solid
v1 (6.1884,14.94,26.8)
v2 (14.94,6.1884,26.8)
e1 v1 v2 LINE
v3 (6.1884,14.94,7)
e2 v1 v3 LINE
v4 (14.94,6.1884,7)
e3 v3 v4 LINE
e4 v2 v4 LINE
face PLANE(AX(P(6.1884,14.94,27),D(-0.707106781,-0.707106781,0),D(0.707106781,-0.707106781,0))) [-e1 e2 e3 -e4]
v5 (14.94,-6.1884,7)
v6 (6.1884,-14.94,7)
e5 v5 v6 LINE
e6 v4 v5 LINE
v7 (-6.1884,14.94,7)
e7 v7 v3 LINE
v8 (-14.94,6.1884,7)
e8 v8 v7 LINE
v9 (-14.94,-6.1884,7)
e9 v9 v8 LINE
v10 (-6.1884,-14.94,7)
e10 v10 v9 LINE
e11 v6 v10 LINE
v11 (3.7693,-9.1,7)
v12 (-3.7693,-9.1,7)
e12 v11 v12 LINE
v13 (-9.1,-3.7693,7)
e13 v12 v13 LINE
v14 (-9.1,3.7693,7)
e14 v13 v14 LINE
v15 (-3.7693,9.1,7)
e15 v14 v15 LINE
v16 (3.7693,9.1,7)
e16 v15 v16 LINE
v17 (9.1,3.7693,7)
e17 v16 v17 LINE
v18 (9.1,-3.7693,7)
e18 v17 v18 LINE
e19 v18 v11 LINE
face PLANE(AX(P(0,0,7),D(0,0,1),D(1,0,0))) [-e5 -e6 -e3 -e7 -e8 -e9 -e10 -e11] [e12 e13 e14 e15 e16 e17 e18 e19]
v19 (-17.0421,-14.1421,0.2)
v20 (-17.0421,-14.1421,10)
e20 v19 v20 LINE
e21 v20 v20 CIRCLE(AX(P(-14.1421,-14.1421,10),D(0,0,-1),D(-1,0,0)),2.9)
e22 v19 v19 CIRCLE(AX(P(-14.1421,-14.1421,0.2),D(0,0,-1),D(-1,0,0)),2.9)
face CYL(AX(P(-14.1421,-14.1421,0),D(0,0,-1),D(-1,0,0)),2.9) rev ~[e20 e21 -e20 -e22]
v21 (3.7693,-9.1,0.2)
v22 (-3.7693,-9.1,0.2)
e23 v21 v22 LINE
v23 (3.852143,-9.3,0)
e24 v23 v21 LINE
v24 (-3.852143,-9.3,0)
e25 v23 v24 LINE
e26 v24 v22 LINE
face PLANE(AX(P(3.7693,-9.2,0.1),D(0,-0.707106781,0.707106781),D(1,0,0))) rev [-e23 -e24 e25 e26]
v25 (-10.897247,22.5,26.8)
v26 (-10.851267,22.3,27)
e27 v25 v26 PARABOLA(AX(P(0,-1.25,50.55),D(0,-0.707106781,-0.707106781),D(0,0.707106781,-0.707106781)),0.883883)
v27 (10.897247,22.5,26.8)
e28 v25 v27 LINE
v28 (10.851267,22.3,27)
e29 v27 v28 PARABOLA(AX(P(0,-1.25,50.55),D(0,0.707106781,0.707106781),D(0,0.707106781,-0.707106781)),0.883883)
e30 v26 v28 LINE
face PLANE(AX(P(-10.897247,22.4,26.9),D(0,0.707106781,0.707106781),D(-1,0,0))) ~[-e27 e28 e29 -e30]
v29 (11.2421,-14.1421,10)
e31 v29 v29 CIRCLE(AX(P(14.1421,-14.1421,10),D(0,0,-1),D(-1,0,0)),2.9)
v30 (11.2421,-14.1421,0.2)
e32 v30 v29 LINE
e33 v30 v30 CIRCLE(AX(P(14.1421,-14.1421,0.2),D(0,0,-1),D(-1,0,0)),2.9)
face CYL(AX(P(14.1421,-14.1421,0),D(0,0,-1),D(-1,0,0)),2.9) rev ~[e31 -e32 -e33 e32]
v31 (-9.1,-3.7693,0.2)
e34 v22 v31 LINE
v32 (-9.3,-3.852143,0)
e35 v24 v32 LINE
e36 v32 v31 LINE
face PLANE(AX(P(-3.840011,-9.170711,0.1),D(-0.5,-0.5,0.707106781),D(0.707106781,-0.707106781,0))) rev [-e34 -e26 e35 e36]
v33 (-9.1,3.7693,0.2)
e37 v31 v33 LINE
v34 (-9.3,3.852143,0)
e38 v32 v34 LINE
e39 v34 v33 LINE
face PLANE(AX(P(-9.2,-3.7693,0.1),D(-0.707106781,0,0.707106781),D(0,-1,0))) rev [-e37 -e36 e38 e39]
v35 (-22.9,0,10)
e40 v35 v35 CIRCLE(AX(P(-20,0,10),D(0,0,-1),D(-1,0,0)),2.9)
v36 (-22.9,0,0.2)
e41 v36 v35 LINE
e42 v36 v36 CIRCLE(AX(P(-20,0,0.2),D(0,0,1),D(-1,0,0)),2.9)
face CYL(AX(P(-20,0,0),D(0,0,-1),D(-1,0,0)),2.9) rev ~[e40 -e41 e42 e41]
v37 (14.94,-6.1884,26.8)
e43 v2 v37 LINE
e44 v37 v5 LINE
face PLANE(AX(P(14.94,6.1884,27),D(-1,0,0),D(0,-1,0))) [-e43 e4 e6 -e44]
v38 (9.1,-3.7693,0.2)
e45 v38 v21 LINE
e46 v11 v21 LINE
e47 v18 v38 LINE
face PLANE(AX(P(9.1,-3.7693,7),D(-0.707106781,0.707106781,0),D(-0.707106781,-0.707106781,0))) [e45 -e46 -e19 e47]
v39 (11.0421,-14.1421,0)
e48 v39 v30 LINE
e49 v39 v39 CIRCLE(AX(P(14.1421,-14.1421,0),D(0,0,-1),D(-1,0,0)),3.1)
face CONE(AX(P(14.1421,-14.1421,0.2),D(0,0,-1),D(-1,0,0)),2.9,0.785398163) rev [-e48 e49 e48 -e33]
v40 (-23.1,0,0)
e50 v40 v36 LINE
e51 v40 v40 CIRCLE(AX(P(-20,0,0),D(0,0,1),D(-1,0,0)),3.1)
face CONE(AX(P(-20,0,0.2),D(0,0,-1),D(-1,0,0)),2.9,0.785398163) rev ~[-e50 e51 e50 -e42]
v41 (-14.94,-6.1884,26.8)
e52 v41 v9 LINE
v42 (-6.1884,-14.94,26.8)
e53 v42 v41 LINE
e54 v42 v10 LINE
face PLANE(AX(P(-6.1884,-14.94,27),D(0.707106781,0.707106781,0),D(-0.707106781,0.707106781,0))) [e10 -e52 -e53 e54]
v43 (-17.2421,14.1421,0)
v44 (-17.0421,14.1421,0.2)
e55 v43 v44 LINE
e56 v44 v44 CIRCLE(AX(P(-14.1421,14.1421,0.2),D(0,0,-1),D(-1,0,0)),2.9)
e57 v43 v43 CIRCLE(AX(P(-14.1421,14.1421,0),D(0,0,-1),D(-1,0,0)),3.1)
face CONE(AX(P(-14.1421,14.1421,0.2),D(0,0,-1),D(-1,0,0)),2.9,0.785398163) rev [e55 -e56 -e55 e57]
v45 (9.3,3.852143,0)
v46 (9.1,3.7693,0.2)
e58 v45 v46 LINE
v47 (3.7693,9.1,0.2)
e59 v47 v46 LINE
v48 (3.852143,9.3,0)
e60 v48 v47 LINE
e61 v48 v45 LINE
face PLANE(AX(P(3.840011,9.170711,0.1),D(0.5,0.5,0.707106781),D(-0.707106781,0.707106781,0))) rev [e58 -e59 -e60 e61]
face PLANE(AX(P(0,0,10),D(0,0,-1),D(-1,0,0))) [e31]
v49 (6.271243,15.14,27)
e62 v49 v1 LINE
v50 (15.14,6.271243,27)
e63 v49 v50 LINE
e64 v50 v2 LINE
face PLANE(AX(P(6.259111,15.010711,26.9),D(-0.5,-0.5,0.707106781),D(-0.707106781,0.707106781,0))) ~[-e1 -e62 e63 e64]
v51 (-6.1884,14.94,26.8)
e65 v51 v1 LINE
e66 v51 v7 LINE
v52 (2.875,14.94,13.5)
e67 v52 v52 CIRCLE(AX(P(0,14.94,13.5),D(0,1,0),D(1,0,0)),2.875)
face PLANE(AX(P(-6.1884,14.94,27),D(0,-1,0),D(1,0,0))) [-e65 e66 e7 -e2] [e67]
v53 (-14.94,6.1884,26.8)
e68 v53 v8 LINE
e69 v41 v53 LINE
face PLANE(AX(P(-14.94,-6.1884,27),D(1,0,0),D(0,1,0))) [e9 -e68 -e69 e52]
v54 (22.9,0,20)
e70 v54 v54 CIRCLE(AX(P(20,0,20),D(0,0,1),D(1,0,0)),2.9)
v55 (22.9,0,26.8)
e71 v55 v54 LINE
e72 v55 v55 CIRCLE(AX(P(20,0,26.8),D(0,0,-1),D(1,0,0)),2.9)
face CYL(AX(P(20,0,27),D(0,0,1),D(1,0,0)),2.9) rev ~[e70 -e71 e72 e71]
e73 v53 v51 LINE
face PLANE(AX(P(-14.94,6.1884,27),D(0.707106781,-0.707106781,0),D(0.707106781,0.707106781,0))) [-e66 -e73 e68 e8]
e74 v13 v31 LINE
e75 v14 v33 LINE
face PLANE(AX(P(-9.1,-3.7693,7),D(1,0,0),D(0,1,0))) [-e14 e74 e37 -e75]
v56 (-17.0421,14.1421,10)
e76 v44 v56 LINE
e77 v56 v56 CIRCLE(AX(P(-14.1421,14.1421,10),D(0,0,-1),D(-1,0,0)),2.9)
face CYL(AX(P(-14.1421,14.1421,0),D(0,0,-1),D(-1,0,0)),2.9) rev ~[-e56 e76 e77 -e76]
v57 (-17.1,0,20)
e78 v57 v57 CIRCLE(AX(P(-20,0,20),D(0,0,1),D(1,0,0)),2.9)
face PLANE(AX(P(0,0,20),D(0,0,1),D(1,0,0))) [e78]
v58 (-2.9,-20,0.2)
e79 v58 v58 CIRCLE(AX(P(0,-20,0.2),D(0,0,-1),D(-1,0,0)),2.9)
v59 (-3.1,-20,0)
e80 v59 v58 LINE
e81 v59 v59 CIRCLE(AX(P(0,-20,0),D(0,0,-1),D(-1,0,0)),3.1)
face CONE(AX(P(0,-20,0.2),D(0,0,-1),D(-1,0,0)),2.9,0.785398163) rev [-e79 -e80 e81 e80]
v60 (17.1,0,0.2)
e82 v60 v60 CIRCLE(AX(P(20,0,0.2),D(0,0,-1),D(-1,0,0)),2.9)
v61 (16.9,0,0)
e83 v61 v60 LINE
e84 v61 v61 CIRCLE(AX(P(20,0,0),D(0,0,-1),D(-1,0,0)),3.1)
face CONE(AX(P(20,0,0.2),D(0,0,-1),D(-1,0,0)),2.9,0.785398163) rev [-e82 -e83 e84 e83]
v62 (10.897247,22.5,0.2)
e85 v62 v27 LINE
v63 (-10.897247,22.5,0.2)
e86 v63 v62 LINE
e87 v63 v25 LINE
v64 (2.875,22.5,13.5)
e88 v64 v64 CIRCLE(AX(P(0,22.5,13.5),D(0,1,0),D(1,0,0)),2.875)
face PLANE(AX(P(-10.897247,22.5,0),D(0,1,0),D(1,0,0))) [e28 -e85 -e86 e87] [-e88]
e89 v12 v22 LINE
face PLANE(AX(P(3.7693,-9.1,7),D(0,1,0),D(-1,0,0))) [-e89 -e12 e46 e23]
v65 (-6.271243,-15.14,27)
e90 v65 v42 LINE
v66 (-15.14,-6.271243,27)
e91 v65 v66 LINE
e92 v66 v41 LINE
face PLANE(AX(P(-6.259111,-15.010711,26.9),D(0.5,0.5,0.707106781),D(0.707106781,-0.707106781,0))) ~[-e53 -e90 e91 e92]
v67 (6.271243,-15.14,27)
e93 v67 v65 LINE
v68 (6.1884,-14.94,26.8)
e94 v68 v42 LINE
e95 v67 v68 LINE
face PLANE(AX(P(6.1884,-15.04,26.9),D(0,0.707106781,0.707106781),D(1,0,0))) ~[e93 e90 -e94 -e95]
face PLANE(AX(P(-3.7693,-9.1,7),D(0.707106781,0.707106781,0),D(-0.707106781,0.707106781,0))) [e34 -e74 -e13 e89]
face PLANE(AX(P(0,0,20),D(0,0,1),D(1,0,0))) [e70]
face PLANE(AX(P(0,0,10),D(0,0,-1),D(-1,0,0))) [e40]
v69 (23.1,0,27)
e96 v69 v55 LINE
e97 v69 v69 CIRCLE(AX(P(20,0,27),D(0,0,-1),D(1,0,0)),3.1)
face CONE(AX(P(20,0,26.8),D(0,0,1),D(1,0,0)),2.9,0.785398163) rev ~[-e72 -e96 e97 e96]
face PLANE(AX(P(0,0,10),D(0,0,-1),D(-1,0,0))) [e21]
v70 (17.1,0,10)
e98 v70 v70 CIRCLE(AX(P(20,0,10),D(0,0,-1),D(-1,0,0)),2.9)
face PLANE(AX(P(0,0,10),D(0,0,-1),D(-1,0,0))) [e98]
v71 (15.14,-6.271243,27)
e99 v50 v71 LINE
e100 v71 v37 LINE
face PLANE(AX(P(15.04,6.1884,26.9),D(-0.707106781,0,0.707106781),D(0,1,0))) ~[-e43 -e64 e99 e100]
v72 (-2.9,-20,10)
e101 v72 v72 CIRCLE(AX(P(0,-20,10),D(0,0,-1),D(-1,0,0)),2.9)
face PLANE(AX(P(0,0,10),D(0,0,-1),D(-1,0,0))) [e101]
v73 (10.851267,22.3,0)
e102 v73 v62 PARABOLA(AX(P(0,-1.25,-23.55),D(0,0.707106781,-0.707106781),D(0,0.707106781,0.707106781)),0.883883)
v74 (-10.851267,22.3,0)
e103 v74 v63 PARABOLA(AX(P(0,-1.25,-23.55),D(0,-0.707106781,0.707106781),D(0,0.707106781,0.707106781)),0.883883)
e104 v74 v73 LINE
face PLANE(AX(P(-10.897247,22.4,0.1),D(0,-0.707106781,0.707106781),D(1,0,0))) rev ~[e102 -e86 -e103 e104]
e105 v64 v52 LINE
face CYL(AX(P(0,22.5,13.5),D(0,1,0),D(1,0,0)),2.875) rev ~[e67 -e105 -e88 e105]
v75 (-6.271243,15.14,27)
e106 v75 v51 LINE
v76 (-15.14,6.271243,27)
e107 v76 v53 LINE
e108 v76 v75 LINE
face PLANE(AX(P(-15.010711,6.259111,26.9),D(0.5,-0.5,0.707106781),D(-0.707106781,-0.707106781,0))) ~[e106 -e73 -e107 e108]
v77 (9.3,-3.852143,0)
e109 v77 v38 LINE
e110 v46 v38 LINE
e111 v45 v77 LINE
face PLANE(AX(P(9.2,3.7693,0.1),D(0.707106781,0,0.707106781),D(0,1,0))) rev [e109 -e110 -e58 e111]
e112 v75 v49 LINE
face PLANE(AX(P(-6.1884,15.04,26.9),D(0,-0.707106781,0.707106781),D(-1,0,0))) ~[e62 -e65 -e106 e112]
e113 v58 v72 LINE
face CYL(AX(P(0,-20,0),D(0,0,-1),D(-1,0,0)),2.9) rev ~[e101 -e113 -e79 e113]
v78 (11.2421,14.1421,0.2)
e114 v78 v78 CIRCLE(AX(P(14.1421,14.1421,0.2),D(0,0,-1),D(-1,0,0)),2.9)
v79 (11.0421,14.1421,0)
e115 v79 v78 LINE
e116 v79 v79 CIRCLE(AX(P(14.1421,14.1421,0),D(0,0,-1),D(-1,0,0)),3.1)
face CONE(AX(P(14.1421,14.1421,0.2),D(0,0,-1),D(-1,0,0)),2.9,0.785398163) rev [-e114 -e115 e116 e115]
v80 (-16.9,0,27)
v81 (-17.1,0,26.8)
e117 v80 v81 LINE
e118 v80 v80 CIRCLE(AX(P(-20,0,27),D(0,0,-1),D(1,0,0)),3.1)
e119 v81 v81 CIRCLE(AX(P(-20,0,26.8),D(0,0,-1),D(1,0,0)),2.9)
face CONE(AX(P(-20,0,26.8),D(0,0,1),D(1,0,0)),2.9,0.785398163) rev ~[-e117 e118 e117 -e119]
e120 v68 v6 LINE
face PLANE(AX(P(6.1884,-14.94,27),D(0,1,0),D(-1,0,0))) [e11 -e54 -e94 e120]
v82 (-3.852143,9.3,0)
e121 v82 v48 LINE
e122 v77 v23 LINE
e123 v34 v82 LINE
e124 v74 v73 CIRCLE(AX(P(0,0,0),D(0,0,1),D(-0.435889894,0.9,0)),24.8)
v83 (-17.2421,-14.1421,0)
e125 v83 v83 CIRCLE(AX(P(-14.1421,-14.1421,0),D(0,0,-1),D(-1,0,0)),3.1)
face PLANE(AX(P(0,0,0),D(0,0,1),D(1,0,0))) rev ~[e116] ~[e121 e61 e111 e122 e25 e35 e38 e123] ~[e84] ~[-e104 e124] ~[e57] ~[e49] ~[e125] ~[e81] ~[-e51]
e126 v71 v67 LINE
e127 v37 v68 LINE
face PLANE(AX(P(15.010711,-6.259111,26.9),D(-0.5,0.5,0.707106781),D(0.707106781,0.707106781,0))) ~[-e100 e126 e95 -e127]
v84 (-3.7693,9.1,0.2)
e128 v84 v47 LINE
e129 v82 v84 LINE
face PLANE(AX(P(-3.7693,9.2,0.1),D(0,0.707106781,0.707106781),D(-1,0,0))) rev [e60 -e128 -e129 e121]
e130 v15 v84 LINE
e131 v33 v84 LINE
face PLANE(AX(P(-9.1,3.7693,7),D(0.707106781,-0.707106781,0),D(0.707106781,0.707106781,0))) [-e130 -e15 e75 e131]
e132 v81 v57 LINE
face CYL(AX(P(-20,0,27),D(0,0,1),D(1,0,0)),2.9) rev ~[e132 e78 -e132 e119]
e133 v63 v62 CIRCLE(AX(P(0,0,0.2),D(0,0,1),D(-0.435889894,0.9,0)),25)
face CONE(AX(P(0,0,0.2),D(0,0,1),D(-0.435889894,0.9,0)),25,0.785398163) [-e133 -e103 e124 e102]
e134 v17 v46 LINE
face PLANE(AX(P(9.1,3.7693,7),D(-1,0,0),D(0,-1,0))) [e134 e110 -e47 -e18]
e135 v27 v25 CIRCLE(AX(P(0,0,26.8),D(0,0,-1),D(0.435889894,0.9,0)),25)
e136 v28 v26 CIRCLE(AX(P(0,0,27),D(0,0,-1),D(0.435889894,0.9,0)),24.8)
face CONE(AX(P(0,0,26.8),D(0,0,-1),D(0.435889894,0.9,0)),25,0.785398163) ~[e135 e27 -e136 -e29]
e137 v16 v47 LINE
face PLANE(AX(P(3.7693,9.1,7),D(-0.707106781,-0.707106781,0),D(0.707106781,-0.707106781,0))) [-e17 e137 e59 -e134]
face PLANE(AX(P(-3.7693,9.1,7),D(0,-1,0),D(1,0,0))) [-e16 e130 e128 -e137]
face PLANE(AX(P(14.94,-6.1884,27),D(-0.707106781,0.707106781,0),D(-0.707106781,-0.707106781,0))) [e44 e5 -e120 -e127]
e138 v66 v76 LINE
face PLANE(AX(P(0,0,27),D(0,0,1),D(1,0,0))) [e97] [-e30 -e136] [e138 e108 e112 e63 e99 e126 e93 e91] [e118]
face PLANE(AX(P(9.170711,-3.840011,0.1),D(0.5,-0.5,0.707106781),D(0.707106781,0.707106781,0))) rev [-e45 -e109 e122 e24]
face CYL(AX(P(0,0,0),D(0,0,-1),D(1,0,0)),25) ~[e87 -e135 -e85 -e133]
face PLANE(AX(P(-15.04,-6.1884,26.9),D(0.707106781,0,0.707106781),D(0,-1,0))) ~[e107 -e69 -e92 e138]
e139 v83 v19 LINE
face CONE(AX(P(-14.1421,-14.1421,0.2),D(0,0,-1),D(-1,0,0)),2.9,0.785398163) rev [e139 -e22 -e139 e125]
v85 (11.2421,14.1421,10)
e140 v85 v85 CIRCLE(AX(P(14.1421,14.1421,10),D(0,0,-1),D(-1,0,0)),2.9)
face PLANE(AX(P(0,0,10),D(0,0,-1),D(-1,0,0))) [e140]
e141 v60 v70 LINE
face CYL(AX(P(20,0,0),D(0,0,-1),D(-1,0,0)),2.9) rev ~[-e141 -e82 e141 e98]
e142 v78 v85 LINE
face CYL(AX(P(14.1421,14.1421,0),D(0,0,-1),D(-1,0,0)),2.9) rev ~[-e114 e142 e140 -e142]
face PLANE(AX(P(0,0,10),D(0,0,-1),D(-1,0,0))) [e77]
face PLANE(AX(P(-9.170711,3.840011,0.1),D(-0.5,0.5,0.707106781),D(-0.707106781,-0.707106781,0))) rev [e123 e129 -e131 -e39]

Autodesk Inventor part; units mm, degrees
ref_plane "YZ Plane" through (0, 0, 0) normal (1, 0, 0) x (0, 1, 0)
ref_plane "XZ Plane" through (0, 0, 0) normal (0, 1, 0) x (-1, 0, 0)
ref_plane "XY Plane" through (0, 0, 0) normal (0, 0, 1) x (1, 0, 0)
sketch "Sketch2" plane through (0, 0, 0) normal (0, 0, 1) x (1, 0, 0)
  circle A0 centre (0, 0) radius 25
  line L0 (-17.0079, 22.5) -> (27.1684, 22.5)
  point P0 (10.8972, 22.5)
  point P1 (-10.8972, 22.5)
  dimension "d4" = 50
  dimension "d5" = 22.5
extrude "Extrusion2" add sketch "Sketch2" along normal blind 27 contours A0 L0 picked at (1.1654, 4.7055)
sketch "Sketch3" plane through (-10.8972, 22.5, 0) normal (0, 1, 0) x (1, 0, 0)
  circle A0 centre (10.8972, -13.5) radius 2.875
  line L0 (0, 0) -> (0, -27) projected
  line L1 (21.7945, 0) -> (21.7945, -27) projected
  line L2 (21.7945, 0) -> (0, 0) projected
  point P0 (10.8972, 0)
  dimension "d8" = 5.75
  dimension "d9" = 10.8972
  dimension "d10" = 21.7945
  dimension "d11" = 27
  dimension "d12" = 13.5
extrude "Extrusion3" cut sketch "Sketch3" against normal blind 15
sketch "Sketch4" plane through (0, 0, 27) normal (0, 0, 1) x (1, 0, 0)
  line L0 (6.2132, -15) -> (15, -6.2132)
  line L1 (-6.2132, -15) -> (6.2132, -15)
  line L2 (-15, -6.2132) -> (-6.2132, -15)
  line L3 (-15, 6.2132) -> (-15, -6.2132)
  line L4 (-6.2132, 15) -> (-15, 6.2132)
  line L5 (6.2132, 15) -> (-6.2132, 15)
  line L6 (15, 6.2132) -> (6.2132, 15)
  line L7 (15, -6.2132) -> (15, 6.2132)
  line L8 (-6.1884, 14.94) -> (6.1884, 14.94)
  line L9 (6.1884, 14.94) -> (14.94, 6.1884)
  line L10 (14.94, 6.1884) -> (14.94, -6.1884)
  line L11 (14.94, -6.1884) -> (6.1884, -14.94)
  line L12 (6.1884, -14.94) -> (-6.1884, -14.94)
  line L13 (-6.1884, -14.94) -> (-14.94, -6.1884)
  line L14 (-14.94, -6.1884) -> (-14.94, 6.1884)
  line L15 (-14.94, 6.1884) -> (-6.1884, 14.94)
  point P0 (0, 0)
  point P1 (0, 0)
  dimension "d47" = 29.88
  dimension "d48" = 14.94
  dimension "d49" = 14.94
  dimension "d50" = 29.88
extrude "Extrusion4" cut sketch "Sketch4" against normal blind 20 contours L8 L9 L10 L11 L12 L13 L14 L15
sketch "Sketch6" plane through (0, 0, 27) normal (0, 0, 1) x (1, 0, 0)
  line L0 (-15.1, 6.2546) -> (-6.2546, 15.1) projected
  line L1 (-15.1, -6.2546) -> (-15.1, 6.2546) projected
  line L2 (-6.2546, -15.1) -> (-15.1, -6.2546) projected
  line L3 (6.2546, -15.1) -> (-6.2546, -15.1) projected
  line L4 (15.1, -6.2546) -> (6.2546, -15.1) projected
  line L5 (15.1, 6.2546) -> (15.1, -6.2546) projected
  line L6 (6.2546, 15.1) -> (15.1, 6.2546) projected
  line L7 (-6.2546, 15.1) -> (6.2546, 15.1) projected
  line L8 (0, 0) -> (33.369, 0)
  circle A0 centre (0, 0) radius 20
  circle A1 centre (20, 0) radius 2.9
  circle A2 centre (-20, 0) radius 2.9
  dimension "d20" = 40
  dimension "d21" = 5.8
  dimension "d24" = 360
extrude "Extrusion6" cut sketch "Sketch6" against normal blind 7 contours A1 A0 L8 | L8 A0 A1 | A0 A1 L8 | L8 A1 A0 | A2 A0 | A0 A2
sketch "Sketch7" plane through (0, 0, 0) normal (0, 0, -1) x (-1, 0, 0)
  line L0 (0, 0) -> (41.4197, 0)
  circle A0 centre (20, 0) radius 2.9 projected
  circle A1 centre (20, 0) radius 2.9
  circle A2 centre (14.1421, 14.1421) radius 2.9
  circle A3 centre (0, 20) radius 2.9
  circle A4 centre (-14.1421, 14.1421) radius 2.9
  circle A5 centre (-20, 0) radius 2.9
  circle A6 centre (-14.1421, -14.1421) radius 2.9
  circle A7 centre (0, -20) radius 2.9
  circle A8 centre (14.1421, -14.1421) radius 2.9
  dimension "d30" = 360
extrude "Extrusion7" cut sketch "Sketch7" against normal blind 10 contours A0 L0 | L0 A0 | A2 | A4 | A5 | A6 | A7 | A8
sketch "Sketch8" plane through (0, 0, 7) normal (0, 0, 1) x (1, 0, 0)
  line L0 (-15.1, 6.2546) -> (-6.2546, 15.1) projected
  line L1 (-15.1, -6.2546) -> (-15.1, 6.2546) projected
  line L2 (-6.2546, -15.1) -> (-15.1, -6.2546) projected
  line L3 (6.2546, -15.1) -> (-6.2546, -15.1) projected
  line L4 (15.1, -6.2546) -> (6.2546, -15.1) projected
  line L5 (15.1, 6.2546) -> (15.1, -6.2546) projected
  line L6 (6.2546, 15.1) -> (15.1, 6.2546) projected
  line L7 (-6.2546, 15.1) -> (6.2546, 15.1) projected
  line L8 (3.7693, 9.1) -> (9.1, 3.7693)
  line L9 (9.1, 3.7693) -> (9.1, -3.7693)
  line L10 (9.1, -3.7693) -> (3.7693, -9.1)
  line L11 (3.7693, -9.1) -> (-3.7693, -9.1)
  line L12 (-3.7693, -9.1) -> (-9.1, -3.7693)
  line L13 (-9.1, -3.7693) -> (-9.1, 3.7693)
  line L14 (-9.1, 3.7693) -> (-3.7693, 9.1)
  line L15 (-3.7693, 9.1) -> (3.7693, 9.1)
  point P0 (0, 0)
  dimension "d34" = 6
extrude "Extrusion8" cut sketch "Sketch8" against normal through all contours L8 L9 L10 L11 L12 L13 L14 L15
chamfer "Chamfer1" distance 0.2 angle 45 8 edges at (9.1, 0, 0) (6.4347, 6.4347, 0) (0, 9.1, 0) (-6.4347, 6.4347, 0) (-9.1, 0, 0) (-6.4347, -6.4347, 0) (0, -9.1, 0) (6.4347, -6.4347, 0)
chamfer "Chamfer2" distance 0.2 angle 45 9 edges at (17.0421, 14.1421, 0) (-11.2421, 14.1421, 0) (-17.1, 0, 0) (-11.2421, -14.1421, 0) (2.9, -20, 0) (17.0421, -14.1421, 0) (22.9, 0, 0) (-22.9, 0, 27) (17.1, 0, 27)
chamfer "Chamfer3" distance 0.2 angle 45 4 edges at (0, -25, 0) (0, 22.5, 0) (0, -25, 27) (0, 22.5, 27)
chamfer "Chamfer4" distance 0.2 angle 45 8 edges at (0, 14.94, 27) (10.5642, 10.5642, 27) (14.94, 0, 27) (10.5642, -10.5642, 27) (0, -14.94, 27) (-10.5642, -10.5642, 27) (-14.94, 0, 27) (-10.5642, 10.5642, 27)
equation "\"d9\" = 0.5 * d10"
equation "\"d12\" = 0.5 * d11"
equation "\"d48\" = 0.5 * d47"
equation "\"d49\" = 0.5 * d47"
equation "\"d50\" = d47"
properties part number "spool_center"
